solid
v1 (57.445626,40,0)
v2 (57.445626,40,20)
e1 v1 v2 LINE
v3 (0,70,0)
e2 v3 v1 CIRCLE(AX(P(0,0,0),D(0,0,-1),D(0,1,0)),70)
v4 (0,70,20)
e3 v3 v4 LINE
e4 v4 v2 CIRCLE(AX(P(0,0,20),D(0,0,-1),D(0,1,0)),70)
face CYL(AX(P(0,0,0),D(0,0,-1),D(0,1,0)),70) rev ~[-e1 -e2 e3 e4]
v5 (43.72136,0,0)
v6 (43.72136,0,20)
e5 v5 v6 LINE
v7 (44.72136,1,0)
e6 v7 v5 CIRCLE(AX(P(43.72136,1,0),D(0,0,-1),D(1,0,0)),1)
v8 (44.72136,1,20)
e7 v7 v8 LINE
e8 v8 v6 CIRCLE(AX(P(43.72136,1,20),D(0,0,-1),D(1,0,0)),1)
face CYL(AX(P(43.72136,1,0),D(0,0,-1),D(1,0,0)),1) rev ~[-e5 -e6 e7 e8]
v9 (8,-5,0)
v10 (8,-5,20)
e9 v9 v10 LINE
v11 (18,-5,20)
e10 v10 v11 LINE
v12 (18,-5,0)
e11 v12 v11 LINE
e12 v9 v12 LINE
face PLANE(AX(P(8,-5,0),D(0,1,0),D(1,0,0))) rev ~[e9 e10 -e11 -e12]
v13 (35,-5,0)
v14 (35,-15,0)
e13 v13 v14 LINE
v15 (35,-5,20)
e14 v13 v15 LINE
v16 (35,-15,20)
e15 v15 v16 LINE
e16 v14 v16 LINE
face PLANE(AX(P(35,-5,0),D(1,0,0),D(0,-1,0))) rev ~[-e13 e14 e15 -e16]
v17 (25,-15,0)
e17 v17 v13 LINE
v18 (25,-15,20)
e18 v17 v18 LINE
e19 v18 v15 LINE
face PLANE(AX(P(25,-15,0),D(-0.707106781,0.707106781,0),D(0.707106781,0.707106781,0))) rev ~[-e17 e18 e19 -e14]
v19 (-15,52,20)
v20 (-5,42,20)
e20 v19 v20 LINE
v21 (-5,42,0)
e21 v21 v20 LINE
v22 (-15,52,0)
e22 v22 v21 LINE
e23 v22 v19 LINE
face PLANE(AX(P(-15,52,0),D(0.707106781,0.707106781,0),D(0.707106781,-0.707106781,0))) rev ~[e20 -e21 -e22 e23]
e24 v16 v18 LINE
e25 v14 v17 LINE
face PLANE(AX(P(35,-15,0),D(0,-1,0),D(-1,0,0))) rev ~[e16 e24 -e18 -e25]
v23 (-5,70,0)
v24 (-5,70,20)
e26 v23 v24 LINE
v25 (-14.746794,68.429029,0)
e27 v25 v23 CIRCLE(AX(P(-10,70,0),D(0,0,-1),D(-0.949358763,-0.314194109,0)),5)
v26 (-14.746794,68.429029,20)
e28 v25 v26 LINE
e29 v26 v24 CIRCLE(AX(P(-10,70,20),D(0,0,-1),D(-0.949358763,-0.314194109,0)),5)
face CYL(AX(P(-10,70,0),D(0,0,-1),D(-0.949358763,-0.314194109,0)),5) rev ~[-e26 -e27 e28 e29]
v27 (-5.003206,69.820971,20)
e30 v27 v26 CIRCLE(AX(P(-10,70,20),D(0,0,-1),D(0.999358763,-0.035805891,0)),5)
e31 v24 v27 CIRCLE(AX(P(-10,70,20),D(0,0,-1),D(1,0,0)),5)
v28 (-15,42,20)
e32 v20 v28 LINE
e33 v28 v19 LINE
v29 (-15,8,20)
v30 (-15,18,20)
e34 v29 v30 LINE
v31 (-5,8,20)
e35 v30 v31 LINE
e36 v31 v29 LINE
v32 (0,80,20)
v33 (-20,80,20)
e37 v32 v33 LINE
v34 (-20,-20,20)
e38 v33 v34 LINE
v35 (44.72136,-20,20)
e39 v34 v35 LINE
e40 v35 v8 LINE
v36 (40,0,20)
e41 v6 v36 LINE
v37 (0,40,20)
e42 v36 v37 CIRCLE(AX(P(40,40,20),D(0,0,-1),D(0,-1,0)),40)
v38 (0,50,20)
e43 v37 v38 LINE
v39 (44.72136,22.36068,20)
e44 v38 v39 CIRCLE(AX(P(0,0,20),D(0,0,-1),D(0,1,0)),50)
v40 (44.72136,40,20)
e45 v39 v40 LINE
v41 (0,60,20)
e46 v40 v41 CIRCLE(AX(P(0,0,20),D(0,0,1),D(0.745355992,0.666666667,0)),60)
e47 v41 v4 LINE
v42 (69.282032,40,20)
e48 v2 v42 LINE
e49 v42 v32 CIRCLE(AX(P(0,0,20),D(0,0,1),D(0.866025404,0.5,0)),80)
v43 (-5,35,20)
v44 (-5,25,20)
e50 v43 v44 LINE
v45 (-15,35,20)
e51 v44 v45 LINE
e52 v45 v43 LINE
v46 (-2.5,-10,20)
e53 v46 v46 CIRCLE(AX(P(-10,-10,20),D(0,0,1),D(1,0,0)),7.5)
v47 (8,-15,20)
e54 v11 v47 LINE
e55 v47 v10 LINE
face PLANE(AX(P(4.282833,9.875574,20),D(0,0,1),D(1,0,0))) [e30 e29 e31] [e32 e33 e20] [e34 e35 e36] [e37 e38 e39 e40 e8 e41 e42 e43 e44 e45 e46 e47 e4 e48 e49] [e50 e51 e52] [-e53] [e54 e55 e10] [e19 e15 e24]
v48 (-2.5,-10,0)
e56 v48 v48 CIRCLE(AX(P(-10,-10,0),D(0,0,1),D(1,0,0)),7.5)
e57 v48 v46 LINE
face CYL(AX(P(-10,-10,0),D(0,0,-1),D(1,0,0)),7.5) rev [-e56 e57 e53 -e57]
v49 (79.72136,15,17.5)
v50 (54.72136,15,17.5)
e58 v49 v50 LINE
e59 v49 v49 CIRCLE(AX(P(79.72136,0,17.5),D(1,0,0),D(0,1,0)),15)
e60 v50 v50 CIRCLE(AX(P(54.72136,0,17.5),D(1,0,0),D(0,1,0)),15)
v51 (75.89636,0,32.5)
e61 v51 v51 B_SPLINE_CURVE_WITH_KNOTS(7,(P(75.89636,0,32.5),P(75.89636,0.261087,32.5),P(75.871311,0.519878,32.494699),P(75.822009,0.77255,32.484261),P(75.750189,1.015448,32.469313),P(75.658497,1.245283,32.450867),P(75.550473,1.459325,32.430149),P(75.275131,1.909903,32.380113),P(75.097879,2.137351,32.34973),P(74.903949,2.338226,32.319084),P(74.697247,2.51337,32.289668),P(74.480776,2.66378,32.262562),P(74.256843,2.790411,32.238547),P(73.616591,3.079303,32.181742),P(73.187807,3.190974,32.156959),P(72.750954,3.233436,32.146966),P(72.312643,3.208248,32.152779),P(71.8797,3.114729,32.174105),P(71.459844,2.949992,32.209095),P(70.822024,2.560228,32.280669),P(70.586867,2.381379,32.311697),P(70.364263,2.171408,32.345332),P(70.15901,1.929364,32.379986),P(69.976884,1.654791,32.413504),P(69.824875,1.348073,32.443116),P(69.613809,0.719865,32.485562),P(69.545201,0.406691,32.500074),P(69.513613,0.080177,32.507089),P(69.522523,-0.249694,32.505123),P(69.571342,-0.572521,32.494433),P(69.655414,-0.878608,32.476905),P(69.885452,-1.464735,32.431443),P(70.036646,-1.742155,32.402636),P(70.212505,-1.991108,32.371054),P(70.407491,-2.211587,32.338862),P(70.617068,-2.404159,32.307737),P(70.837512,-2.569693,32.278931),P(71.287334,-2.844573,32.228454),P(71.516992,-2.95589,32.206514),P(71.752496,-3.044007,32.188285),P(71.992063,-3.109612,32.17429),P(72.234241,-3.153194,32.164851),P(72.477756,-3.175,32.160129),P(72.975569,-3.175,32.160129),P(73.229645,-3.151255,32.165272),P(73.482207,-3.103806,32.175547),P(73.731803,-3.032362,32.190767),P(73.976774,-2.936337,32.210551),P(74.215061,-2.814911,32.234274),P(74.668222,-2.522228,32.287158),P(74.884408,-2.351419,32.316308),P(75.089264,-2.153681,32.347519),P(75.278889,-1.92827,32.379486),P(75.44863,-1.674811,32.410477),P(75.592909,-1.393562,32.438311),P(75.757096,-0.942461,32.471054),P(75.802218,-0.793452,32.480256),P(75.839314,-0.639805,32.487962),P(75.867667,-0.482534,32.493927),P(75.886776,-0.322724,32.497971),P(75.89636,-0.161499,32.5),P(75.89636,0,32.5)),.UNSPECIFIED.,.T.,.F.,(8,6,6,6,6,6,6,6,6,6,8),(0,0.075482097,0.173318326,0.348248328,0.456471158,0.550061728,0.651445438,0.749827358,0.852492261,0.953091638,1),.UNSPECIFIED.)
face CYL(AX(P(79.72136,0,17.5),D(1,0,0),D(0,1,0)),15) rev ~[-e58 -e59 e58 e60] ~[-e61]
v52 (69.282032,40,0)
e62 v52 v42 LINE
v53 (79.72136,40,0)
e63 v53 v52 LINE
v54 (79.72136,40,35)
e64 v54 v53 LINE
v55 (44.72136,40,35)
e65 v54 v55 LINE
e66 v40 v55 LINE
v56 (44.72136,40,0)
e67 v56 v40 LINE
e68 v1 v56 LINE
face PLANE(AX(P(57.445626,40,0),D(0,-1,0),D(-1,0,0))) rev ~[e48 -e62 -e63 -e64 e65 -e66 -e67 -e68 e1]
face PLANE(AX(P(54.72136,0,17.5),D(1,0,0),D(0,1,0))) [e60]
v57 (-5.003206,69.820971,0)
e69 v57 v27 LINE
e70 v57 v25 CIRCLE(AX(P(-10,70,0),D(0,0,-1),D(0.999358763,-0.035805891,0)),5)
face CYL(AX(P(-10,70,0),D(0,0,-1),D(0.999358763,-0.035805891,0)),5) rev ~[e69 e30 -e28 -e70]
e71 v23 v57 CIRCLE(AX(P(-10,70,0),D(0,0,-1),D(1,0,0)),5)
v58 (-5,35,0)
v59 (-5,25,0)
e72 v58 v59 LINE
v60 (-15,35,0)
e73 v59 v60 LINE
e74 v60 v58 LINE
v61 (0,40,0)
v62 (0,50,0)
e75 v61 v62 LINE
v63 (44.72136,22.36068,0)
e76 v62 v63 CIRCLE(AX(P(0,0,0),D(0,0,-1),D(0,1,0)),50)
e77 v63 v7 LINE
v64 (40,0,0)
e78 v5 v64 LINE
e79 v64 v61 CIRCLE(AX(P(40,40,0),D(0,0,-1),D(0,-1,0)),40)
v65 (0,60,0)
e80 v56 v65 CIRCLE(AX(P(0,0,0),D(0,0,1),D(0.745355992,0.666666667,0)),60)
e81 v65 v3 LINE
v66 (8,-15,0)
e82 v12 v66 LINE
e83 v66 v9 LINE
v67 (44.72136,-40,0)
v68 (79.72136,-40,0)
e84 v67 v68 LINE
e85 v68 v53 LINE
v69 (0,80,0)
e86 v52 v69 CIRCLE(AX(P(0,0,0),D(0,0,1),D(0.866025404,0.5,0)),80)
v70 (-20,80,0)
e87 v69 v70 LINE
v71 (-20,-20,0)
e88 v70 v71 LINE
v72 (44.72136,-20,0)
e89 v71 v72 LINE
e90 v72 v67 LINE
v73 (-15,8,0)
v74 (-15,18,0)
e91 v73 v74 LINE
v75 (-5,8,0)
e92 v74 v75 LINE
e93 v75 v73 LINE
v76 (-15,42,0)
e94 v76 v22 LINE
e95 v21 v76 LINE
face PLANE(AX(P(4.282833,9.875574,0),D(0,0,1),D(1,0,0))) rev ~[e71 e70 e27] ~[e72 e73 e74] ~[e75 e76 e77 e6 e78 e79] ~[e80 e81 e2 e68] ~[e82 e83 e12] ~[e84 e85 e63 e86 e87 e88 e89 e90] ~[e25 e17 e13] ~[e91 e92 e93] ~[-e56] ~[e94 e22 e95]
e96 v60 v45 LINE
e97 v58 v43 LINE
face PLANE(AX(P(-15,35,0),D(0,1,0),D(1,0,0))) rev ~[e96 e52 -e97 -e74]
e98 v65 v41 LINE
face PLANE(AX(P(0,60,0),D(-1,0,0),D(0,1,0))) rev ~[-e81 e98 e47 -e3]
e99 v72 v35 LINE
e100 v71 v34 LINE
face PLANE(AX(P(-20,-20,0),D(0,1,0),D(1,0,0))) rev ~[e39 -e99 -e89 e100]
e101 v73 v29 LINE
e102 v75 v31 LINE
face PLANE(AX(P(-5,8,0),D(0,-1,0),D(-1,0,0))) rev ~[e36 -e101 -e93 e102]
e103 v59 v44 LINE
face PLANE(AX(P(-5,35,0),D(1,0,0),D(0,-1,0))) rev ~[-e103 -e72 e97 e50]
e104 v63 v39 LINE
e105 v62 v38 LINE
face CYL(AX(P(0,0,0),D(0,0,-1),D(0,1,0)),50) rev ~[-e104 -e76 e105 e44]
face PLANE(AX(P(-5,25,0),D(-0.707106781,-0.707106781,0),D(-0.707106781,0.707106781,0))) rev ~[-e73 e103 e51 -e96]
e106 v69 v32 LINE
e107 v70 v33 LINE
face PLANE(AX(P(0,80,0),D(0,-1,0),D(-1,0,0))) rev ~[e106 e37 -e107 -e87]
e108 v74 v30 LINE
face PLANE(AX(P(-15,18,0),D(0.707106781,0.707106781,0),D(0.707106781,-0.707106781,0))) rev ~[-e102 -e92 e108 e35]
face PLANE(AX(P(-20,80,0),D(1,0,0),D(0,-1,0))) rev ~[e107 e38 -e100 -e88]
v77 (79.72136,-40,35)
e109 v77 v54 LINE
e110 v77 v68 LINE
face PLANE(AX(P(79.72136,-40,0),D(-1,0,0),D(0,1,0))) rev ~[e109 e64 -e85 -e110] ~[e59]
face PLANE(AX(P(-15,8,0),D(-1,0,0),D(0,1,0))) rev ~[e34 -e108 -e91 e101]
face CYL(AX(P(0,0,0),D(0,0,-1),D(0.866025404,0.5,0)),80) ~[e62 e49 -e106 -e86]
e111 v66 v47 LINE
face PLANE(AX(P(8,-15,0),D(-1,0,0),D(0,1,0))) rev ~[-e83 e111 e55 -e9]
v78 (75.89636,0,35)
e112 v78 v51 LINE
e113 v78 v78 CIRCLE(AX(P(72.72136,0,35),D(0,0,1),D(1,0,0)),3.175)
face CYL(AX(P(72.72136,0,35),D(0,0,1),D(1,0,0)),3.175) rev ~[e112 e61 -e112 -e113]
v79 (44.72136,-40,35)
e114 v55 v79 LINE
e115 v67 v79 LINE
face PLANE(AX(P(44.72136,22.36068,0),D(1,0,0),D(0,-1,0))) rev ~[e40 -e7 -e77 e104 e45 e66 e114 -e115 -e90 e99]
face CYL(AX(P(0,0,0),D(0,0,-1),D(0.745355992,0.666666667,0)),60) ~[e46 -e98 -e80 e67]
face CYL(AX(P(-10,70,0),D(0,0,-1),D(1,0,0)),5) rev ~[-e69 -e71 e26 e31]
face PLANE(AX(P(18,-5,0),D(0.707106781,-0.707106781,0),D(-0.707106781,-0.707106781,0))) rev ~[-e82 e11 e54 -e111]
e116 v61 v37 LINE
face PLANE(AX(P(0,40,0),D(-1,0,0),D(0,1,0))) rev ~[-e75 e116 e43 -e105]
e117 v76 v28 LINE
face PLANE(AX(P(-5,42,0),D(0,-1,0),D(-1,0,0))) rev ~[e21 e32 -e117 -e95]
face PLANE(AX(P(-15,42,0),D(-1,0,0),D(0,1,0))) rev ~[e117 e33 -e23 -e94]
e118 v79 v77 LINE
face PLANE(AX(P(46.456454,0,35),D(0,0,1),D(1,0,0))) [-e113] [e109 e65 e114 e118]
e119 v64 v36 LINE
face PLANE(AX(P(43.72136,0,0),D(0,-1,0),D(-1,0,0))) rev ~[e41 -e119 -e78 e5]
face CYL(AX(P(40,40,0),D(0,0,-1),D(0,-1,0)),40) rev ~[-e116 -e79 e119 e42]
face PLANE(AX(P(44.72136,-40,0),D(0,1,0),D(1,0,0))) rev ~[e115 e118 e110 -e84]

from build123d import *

# Parameters (mm, degrees)
F0_R     = 7.5
F1_DEPTH = 20
F2_DEPTH = 35
F3_R     = 15
F4_DEPTH = 25
F5_R     = 3.175
F6_DEPTH = 31.5


with BuildPart() as f1:
    # F0 (on Top) → F1 (new body)
    with BuildSketch(Plane.XY):
        with BuildLine():
            Line((0, 40), (0, 50))
            ThreePointArc((0, 50), (-5.8547207654, 49.6560393584), (-11.6288897904, 48.6288897904))
            Line((-11.6288897904, 48.6288897904), (-5, 42))
            Line((-5, 42), (-15, 42))
            Line((-15, 42), (-15, 47.6969600708))
            ThreePointArc((-15, 47.6969600708), (-17.5249921621, 46.8281395073), (-20, 45.8257569496))
            Line((-20, 45.8257569496), (-20, -20))
            Line((-20, -20), (0, -20))
            Line((0, -20), (43.72135955, -20))
            Line((43.72135955, -20), (44.72135955, -20))
            Line((44.72135955, -20), (44.72135955, 1))
            ThreePointArc((44.72135955, 1), (44.4284663312, 0.2928932188), (43.72135955, 0))
            Line((43.72135955, 0), (40, 0))
            ThreePointArc((40, 0), (11.7157287525, 11.7157287525), (0, 40))
        make_face()
        with Locations((-10, -10)):
            Circle(F0_R, mode=Mode.SUBTRACT)
        Polygon((8, -5), (18, -5), (8, -15), align=None, mode=Mode.SUBTRACT)
        Polygon((35, -15), (25, -15), (35, -5), align=None, mode=Mode.SUBTRACT)
        Polygon((-15, 8), (-15, 18), (-5, 8), align=None, mode=Mode.SUBTRACT)
        Polygon((-5, 35), (-5, 25), (-15, 35), align=None, mode=Mode.SUBTRACT)
        with BuildLine():
            Line((0, 50), (0, 60))
            ThreePointArc((0, 60), (-10.1461187235, 59.1359135792), (-20, 56.5685424949))
            Line((-20, 56.5685424949), (-20, 45.8257569496))
            ThreePointArc((-20, 45.8257569496), (-17.5249921621, 46.8281395073), (-15, 47.6969600708))
            Line((-15, 47.6969600708), (-15, 52))
            Line((-15, 52), (-11.6288897904, 48.6288897904))
            ThreePointArc((-11.6288897904, 48.6288897904), (-5.8547207654, 49.6560393584), (0, 50))
        make_face()
        with BuildLine():
            Line((0, 60), (0, 70))
            ThreePointArc((0, 70), (-2.5032041292, 69.9552283185), (-5.0032061825, 69.8209705454))
            ThreePointArc((-5.0032061825, 69.8209705454), (-9.2928932188, 65.0502525317), (-14.7467938175, 68.4290294546))
            ThreePointArc((-14.7467938175, 68.4290294546), (-17.3864463232, 67.8064265704), (-20, 67.082039325))
            Line((-20, 67.082039325), (-20, 56.5685424949))
            ThreePointArc((-20, 56.5685424949), (-10.1461187235, 59.1359135792), (0, 60))
        make_face()
        with BuildLine():
            Line((0, 70), (0, 80))
            ThreePointArc((0, 80), (-10.0803433986, 79.3623757014), (-20, 77.4596669241))
            Line((-20, 77.4596669241), (-20, 67.082039325))
            ThreePointArc((-20, 67.082039325), (-17.3864463232, 67.8064265704), (-14.7467938175, 68.4290294546))
            ThreePointArc((-14.7467938175, 68.4290294546), (-10.7956226846, 74.936292591), (-5, 70))
            ThreePointArc((-5, 70), (-5.0008016099, 69.9104709192), (-5.0032061825, 69.8209705454))
            ThreePointArc((-5.0032061825, 69.8209705454), (-2.5032041292, 69.9552283185), (0, 70))
        make_face()
        with BuildLine():
            ThreePointArc((-20, 77.4596669241), (-10.0803433986, 79.3623757014), (0, 80))
            Line((0, 80), (-20, 80))
            Line((-20, 80), (-20, 77.4596669241))
        make_face()
        with BuildLine():
            ThreePointArc((50, 0), (48.6624494734, 11.4876460274), (44.72135955, 22.360679775))
            Line((44.72135955, 22.360679775), (44.72135955, 1))
            Line((44.72135955, 1), (44.72135955, -20))
            Line((44.72135955, -20), (44.72135955, -21))
            Line((44.72135955, -21), (44.72135955, -22.360679775))
            ThreePointArc((44.72135955, -22.360679775), (48.6624494734, -11.4876460274), (50, 0))
        make_face()
        with BuildLine():
            ThreePointArc((60, 0), (56.0503415378, 21.4093253864), (44.72135955, 40))
            Line((44.72135955, 40), (44.72135955, 22.360679775))
            ThreePointArc((44.72135955, 22.360679775), (48.6624494734, 11.4876460274), (50, 0))
            ThreePointArc((50, 0), (48.6624494734, -11.4876460274), (44.72135955, -22.360679775))
            Line((44.72135955, -22.360679775), (44.72135955, -40))
            ThreePointArc((44.72135955, -40), (56.0503415378, -21.4093253864), (60, 0))
        make_face()
        with BuildLine():
            ThreePointArc((70, 0), (66.7877004117, 20.9619434622), (57.4456264654, 40))
            Line((57.4456264654, 40), (44.72135955, 40))
            ThreePointArc((44.72135955, 40), (56.0503415378, 21.4093253864), (60, 0))
            ThreePointArc((60, 0), (56.0503415378, -21.4093253864), (44.72135955, -40))
            Line((44.72135955, -40), (57.4456264654, -40))
            ThreePointArc((57.4456264654, -40), (66.7877004117, -20.9619434622), (70, 0))
        make_face()
        with BuildLine():
            ThreePointArc((79.72135955, 6.6711941585), (76.3426815131, 23.9122349309), (69.2820323028, 40))
            Line((69.2820323028, 40), (57.4456264654, 40))
            ThreePointArc((57.4456264654, 40), (66.7877004117, 20.9619434622), (70, 0))
            ThreePointArc((70, 0), (66.7877004117, -20.9619434622), (57.4456264654, -40))
            Line((57.4456264654, -40), (69.2820323028, -40))
            ThreePointArc((69.2820323028, -40), (76.3426815131, -23.9122349309), (79.72135955, -6.6711941585))
            Line((79.72135955, -6.6711941585), (79.72135955, 6.6711941585))
        make_face()
        with BuildLine():
            ThreePointArc((69.2820323028, 40), (40, 69.2820323028), (0, 80))
            Line((0, 80), (0, 70))
            ThreePointArc((0, 70), (32.403703492, 62.04836823), (57.4456264654, 40))
            Line((57.4456264654, 40), (69.2820323028, 40))
        make_face()
        with BuildLine():
            ThreePointArc((44.72135955, 40), (24.4948974278, 54.7722557505), (0, 60))
            Line((0, 60), (0, 50))
            ThreePointArc((0, 50), (26.286555606, 42.5325404176), (44.72135955, 22.360679775))
            Line((44.72135955, 22.360679775), (44.72135955, 40))
        make_face()
        with BuildLine():
            Line((79.72135955, 40), (69.2820323028, 40))
            ThreePointArc((69.2820323028, 40), (76.3426815131, 23.9122349309), (79.72135955, 6.6711941585))
            Line((79.72135955, 6.6711941585), (79.72135955, 40))
        make_face()
        with BuildLine():
            ThreePointArc((79.72135955, -6.6711941585), (76.3426815131, -23.9122349309), (69.2820323028, -40))
            Line((69.2820323028, -40), (79.72135955, -40))
            Line((79.72135955, -40), (79.72135955, -6.6711941585))
        make_face()
    extrude(amount=F1_DEPTH)

    # F0 (on Top) → F2 (join)
    with BuildSketch(Plane.XY):
        with BuildLine():
            ThreePointArc((50, 0), (48.6624494734, 11.4876460274), (44.72135955, 22.360679775))
            Line((44.72135955, 22.360679775), (44.72135955, 1))
            Line((44.72135955, 1), (44.72135955, -20))
            Line((44.72135955, -20), (44.72135955, -21))
            Line((44.72135955, -21), (44.72135955, -22.360679775))
            ThreePointArc((44.72135955, -22.360679775), (48.6624494734, -11.4876460274), (50, 0))
        make_face()
        with BuildLine():
            ThreePointArc((60, 0), (56.0503415378, 21.4093253864), (44.72135955, 40))
            Line((44.72135955, 40), (44.72135955, 22.360679775))
            ThreePointArc((44.72135955, 22.360679775), (48.6624494734, 11.4876460274), (50, 0))
            ThreePointArc((50, 0), (48.6624494734, -11.4876460274), (44.72135955, -22.360679775))
            Line((44.72135955, -22.360679775), (44.72135955, -40))
            ThreePointArc((44.72135955, -40), (56.0503415378, -21.4093253864), (60, 0))
        make_face()
        with BuildLine():
            ThreePointArc((70, 0), (66.7877004117, 20.9619434622), (57.4456264654, 40))
            Line((57.4456264654, 40), (44.72135955, 40))
            ThreePointArc((44.72135955, 40), (56.0503415378, 21.4093253864), (60, 0))
            ThreePointArc((60, 0), (56.0503415378, -21.4093253864), (44.72135955, -40))
            Line((44.72135955, -40), (57.4456264654, -40))
            ThreePointArc((57.4456264654, -40), (66.7877004117, -20.9619434622), (70, 0))
        make_face()
        with BuildLine():
            ThreePointArc((79.72135955, 6.6711941585), (76.3426815131, 23.9122349309), (69.2820323028, 40))
            Line((69.2820323028, 40), (57.4456264654, 40))
            ThreePointArc((57.4456264654, 40), (66.7877004117, 20.9619434622), (70, 0))
            ThreePointArc((70, 0), (66.7877004117, -20.9619434622), (57.4456264654, -40))
            Line((57.4456264654, -40), (69.2820323028, -40))
            ThreePointArc((69.2820323028, -40), (76.3426815131, -23.9122349309), (79.72135955, -6.6711941585))
            Line((79.72135955, -6.6711941585), (79.72135955, 6.6711941585))
        make_face()
        with BuildLine():
            ThreePointArc((79.72135955, -6.6711941585), (76.3426815131, -23.9122349309), (69.2820323028, -40))
            Line((69.2820323028, -40), (79.72135955, -40))
            Line((79.72135955, -40), (79.72135955, -6.6711941585))
        make_face()
        with BuildLine():
            Line((79.72135955, 40), (69.2820323028, 40))
            ThreePointArc((69.2820323028, 40), (76.3426815131, 23.9122349309), (79.72135955, 6.6711941585))
            Line((79.72135955, 6.6711941585), (79.72135955, 40))
        make_face()
    extrude(amount=F2_DEPTH)

    # F3 (on face) → F4 (cut)
    with BuildSketch(Plane.YZ.offset(79.72135955)):
        with Locations((0, 17.5)):
            Circle(F3_R)
    extrude(amount=-F4_DEPTH, mode=Mode.SUBTRACT)

    # F5 (on face) → F6 (cut)
    with BuildSketch(Plane.XY.offset(35)):
        with Locations((72.72135955, 0)):
            Circle(F5_R)
    extrude(amount=-F6_DEPTH, mode=Mode.SUBTRACT)


solid = f1.part
